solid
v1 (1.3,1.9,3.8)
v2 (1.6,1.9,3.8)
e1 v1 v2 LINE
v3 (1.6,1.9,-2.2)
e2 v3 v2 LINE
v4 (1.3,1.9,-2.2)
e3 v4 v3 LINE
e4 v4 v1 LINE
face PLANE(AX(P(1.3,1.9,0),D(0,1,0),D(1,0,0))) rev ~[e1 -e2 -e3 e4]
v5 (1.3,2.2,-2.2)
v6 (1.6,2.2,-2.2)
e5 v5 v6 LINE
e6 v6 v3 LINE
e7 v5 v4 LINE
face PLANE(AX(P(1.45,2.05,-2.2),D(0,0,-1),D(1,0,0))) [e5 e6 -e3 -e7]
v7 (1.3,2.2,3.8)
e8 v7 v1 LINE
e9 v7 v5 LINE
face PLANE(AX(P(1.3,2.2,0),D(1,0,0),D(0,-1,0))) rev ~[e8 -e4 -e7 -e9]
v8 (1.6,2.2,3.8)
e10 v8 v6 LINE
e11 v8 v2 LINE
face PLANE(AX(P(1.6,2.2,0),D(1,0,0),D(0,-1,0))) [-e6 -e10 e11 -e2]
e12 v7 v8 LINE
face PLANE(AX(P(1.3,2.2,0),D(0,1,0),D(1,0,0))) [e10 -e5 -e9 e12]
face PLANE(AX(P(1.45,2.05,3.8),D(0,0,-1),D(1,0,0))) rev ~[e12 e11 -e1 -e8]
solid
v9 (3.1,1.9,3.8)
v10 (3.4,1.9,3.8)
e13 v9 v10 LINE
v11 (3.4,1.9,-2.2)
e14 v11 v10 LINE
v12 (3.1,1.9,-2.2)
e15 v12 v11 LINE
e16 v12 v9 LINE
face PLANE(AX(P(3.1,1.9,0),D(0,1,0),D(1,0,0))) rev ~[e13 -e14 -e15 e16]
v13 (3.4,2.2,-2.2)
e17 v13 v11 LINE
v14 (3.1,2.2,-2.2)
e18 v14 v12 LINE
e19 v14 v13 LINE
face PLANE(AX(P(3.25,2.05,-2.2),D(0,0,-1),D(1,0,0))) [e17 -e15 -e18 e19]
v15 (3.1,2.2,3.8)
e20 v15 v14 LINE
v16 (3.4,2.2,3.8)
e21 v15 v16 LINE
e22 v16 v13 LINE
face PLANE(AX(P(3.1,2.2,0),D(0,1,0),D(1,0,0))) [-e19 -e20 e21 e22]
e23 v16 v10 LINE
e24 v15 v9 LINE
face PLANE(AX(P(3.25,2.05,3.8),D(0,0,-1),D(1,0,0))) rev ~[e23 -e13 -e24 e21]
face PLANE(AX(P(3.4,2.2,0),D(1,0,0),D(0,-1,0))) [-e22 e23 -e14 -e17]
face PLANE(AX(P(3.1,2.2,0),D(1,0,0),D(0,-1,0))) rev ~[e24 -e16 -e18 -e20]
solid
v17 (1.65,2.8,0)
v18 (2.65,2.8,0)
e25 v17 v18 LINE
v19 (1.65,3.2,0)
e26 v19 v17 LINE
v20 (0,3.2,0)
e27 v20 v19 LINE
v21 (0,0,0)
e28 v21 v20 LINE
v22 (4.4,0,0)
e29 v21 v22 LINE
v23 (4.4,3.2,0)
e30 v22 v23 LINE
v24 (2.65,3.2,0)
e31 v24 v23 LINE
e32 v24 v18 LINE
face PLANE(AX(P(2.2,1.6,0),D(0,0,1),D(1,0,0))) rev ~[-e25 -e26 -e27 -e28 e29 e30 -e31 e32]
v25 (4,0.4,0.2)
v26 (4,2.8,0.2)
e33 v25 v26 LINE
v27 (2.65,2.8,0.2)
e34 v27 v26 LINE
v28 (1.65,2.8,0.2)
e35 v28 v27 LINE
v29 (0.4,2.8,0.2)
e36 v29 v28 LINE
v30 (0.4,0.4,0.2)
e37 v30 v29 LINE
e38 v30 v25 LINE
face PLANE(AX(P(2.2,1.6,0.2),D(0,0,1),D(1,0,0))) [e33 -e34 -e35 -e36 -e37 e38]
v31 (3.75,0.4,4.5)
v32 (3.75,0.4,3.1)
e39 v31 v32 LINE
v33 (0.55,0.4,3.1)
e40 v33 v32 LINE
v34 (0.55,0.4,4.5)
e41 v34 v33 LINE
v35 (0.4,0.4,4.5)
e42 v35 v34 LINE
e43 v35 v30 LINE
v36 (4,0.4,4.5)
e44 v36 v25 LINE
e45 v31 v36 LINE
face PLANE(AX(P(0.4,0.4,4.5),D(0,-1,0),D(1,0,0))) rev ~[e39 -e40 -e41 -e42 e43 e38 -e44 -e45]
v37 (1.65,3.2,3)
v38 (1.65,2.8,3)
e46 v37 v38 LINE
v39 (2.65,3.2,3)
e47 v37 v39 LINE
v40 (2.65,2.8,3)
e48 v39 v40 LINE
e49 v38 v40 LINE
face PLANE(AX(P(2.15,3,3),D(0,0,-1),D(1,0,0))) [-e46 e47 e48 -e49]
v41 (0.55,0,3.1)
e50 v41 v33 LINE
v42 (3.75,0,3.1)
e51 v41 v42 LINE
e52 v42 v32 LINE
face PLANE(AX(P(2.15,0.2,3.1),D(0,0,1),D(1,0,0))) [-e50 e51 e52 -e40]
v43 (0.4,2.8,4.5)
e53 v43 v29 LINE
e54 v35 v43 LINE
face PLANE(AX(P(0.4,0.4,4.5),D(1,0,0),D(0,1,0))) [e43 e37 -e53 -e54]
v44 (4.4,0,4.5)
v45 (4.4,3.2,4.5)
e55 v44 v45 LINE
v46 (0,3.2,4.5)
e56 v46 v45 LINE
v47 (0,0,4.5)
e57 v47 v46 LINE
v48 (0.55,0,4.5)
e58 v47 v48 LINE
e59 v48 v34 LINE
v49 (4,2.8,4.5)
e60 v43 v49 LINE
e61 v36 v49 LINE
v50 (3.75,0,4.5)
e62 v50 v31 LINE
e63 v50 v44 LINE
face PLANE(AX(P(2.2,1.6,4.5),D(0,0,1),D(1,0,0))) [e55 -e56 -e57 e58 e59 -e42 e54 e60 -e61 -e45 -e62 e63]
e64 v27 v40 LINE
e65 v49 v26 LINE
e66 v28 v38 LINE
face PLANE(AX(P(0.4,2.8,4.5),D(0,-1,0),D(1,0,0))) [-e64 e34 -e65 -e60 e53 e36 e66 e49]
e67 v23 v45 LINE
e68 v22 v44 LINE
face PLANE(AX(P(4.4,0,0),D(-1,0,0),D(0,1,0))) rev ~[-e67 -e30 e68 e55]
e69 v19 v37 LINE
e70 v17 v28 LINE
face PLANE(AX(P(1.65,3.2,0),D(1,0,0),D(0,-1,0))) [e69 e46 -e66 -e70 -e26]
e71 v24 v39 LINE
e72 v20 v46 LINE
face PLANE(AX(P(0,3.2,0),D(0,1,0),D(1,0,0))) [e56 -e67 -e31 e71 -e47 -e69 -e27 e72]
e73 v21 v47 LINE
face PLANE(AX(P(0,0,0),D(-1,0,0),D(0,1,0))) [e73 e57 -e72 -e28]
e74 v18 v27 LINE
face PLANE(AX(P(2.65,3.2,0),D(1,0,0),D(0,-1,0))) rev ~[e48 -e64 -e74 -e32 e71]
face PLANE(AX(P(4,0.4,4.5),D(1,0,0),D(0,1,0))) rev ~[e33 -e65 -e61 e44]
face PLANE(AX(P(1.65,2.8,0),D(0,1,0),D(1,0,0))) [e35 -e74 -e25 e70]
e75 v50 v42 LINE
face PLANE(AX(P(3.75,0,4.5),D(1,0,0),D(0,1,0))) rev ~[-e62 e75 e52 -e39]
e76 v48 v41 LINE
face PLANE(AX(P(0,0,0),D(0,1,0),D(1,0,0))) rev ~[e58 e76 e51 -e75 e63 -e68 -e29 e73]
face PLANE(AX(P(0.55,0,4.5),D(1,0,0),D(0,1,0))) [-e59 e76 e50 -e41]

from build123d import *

# Parameters (mm, degrees)
F0_W          = 4.4
F0_H          = 3.2
F1_DEPTH      = 4.5
F2_W          = 3.6
F2_H          = 2.4
F3_DEPTH      = 4.3
F4_W          = 3.2
F4_H          = 0.4
F5_DEPTH      = 1.4
F6_W          = 1
F6_H          = 0.4
F7_DEPTH      = 3
F8_W          = 0.3
F8_H          = 0.3
F9_DEPTH      = 2.2
F9_DEPTH_BACK = 3.8


with BuildPart() as f1:
    # F0 (on Top) → F1 (new body)
    with BuildSketch(Plane.XY):
        with Locations((2.2, 1.6)):
            Rectangle(F0_W, F0_H)
    extrude(amount=F1_DEPTH)

    # F2 (on face) → F3 (cut)
    with BuildSketch(Plane.XY.offset(4.5)):
        with Locations((2.2, 1.6)):
            Rectangle(F2_W, F2_H)
    extrude(amount=-F3_DEPTH, mode=Mode.SUBTRACT)

    # F4 (on face) → F5 (cut)
    with BuildSketch(Plane.XY.offset(4.5)):
        with Locations((2.15, 0.2)):
            Rectangle(F4_W, F4_H)
    extrude(amount=-F5_DEPTH, mode=Mode.SUBTRACT)

    # F6 (on face) → F7 (cut)
    with BuildSketch(Plane(origin=(0, 0, 0), x_dir=(1, 0, 0), z_dir=(0, 0, -1))):
        with Locations((2.15, -3)):
            Rectangle(F6_W, F6_H)
    extrude(amount=-F7_DEPTH, mode=Mode.SUBTRACT)


with BuildPart() as f9:
    # F8 (on face) → F9 (new body, two sides)
    with BuildSketch(Plane(origin=(0, 0, 0), x_dir=(1, 0, 0), z_dir=(0, 0, -1))) as f9_sk:
        with Locations((1.45, -2.05)):
            Rectangle(F8_W, F8_H)
        with Locations((3.25, -2.05)):
            Rectangle(F8_W, F8_H)
    extrude(amount=F9_DEPTH)
    extrude(f9_sk.sketch, amount=-F9_DEPTH_BACK)


solid = Compound([f1.part, f9.part])
